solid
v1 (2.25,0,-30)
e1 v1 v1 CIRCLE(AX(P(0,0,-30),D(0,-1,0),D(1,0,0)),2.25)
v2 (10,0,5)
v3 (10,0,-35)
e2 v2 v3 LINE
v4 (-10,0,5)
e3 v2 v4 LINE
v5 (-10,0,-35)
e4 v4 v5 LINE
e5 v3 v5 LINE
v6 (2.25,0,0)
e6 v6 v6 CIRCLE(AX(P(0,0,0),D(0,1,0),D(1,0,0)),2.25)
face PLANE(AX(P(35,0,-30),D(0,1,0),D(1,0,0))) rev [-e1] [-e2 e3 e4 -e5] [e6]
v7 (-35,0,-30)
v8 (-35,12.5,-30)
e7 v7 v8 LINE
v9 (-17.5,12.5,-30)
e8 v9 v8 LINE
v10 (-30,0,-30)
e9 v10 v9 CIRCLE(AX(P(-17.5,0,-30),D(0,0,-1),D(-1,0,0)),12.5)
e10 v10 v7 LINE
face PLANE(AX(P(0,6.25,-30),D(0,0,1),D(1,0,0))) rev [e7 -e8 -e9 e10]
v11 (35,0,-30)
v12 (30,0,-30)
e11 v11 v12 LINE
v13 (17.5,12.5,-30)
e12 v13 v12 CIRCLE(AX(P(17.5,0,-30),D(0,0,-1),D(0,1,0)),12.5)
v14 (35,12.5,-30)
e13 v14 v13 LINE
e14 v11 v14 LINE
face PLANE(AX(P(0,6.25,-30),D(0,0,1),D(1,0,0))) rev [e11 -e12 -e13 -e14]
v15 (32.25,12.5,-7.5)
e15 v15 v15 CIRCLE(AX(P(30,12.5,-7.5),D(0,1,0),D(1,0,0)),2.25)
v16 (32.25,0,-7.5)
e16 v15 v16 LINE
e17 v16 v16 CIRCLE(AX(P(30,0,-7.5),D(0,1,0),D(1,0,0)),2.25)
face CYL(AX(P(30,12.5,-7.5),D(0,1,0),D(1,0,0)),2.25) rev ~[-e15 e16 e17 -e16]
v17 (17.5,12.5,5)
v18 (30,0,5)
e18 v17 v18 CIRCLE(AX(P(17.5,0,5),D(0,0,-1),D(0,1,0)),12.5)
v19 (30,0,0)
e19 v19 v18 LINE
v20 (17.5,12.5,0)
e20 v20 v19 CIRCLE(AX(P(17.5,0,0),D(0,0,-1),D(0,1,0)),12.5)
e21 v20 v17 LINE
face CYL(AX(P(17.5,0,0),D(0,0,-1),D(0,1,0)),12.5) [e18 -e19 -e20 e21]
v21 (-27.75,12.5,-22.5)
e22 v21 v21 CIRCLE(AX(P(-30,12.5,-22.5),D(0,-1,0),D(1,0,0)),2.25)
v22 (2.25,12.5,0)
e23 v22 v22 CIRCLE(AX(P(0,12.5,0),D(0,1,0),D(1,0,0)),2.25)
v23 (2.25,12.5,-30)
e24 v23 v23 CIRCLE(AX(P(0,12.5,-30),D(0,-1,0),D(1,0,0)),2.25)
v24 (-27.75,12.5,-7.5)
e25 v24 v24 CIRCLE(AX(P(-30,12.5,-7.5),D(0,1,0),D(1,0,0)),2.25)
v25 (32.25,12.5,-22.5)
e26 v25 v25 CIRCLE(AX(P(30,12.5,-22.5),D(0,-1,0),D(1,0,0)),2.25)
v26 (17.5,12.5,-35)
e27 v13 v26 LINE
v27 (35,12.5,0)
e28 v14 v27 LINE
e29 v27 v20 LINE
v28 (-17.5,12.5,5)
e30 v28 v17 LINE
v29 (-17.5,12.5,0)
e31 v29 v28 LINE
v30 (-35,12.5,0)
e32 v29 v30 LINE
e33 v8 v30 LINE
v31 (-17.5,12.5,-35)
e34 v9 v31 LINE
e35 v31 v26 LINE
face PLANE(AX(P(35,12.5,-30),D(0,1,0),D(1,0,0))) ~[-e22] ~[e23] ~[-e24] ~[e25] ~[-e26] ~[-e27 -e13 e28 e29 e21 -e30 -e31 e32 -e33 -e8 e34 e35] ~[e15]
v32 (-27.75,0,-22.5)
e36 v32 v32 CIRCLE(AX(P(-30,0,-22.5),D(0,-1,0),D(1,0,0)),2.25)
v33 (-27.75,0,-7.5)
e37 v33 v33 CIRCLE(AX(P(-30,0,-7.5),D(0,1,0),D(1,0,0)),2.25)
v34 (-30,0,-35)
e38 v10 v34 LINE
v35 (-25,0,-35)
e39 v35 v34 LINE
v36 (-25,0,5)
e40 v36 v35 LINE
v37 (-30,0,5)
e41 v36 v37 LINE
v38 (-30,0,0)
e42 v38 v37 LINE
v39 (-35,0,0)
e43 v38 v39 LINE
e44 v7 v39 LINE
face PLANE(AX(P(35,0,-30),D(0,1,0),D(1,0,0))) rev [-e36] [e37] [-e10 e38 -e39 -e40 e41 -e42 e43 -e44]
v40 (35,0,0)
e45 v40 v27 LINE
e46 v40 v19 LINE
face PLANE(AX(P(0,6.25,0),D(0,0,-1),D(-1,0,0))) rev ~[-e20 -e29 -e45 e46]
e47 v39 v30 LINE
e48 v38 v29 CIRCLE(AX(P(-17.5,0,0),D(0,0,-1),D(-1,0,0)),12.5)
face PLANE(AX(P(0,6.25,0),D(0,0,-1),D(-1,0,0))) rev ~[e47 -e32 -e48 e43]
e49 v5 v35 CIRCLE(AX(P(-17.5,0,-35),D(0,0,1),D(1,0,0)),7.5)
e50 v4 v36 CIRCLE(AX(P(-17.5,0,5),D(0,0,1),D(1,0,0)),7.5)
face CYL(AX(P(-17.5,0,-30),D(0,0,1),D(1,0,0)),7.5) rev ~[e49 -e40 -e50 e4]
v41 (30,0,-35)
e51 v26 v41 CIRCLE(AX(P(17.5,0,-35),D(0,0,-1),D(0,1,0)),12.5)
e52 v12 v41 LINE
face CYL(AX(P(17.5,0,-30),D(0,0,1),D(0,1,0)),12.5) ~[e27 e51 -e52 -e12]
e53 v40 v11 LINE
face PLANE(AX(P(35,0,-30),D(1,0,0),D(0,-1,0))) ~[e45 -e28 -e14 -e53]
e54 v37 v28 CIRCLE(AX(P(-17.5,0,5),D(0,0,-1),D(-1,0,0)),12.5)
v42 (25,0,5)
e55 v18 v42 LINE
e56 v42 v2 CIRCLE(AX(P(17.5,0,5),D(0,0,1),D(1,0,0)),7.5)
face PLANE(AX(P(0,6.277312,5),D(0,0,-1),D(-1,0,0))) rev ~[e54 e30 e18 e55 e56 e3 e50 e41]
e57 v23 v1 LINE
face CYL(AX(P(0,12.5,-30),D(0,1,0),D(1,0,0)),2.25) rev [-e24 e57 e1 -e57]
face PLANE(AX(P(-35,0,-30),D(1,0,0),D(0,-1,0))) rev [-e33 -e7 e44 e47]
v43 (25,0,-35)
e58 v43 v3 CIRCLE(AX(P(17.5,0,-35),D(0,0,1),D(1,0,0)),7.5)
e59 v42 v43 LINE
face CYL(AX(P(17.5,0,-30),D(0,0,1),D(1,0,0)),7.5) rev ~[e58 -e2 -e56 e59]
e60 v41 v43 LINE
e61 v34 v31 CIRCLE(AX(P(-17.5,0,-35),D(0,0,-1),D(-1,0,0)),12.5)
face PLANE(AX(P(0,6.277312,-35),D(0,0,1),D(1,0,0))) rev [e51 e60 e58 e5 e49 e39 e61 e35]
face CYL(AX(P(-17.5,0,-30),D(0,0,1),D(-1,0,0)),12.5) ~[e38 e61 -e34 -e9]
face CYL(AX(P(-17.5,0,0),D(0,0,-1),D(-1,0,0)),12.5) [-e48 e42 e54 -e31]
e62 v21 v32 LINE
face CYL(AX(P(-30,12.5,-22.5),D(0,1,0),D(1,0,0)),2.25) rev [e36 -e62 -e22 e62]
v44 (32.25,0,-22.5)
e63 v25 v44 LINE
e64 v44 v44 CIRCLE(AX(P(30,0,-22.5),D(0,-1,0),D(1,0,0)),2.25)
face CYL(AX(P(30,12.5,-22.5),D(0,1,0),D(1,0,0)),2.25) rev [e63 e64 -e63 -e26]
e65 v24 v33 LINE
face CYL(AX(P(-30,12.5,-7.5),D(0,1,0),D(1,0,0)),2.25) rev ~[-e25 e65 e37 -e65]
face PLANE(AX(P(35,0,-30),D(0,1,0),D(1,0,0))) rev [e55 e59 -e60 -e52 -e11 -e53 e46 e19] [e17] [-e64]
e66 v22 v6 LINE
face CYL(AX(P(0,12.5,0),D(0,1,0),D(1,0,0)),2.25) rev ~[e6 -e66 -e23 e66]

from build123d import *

# Parameters (mm, degrees)
BOSS_EXTRUDE1_DEPTH = 5
SKETCH2_W           = 70
SKETCH2_H           = 12.5
BOSS_EXTRUDE2_DEPTH = 15
SKETCH3_R           = 2.25
CUT_EXTRUDE1_DEPTH  = 15
CUT_EXTRUDE2_DEPTH  = 15
CUT_EXTRUDE3_DEPTH  = 15


with BuildPart() as part:
    # Sketch1 → Boss-Extrude1 (new body)
    with BuildSketch(Plane.XY):
        with BuildLine():
            Line((-17.5, 12.5), (17.5, 12.5))
            ThreePointArc((17.5, 12.5), (26.338834765, 8.838834765), (30, 0))
            Line((30, 0), (25, 0))
            ThreePointArc((25, 0), (17.5, 7.5), (10, 0))
            Line((10, 0), (-10, 0))
            ThreePointArc((-10, 0), (-17.5, 7.5), (-25, 0))
            Line((-25, 0), (-30, 0))
            ThreePointArc((-30, 0), (-26.338834765, 8.838834765), (-17.5, 12.5))
        make_face()
    extrude(amount=BOSS_EXTRUDE1_DEPTH)

    # Sketch2 → Boss-Extrude2 (add)
    with BuildSketch(Plane(origin=(0, 0, 0), x_dir=(-1, 0, 0), z_dir=(0, 0, -1))):
        with Locations((0, 6.25)):
            Rectangle(SKETCH2_W, SKETCH2_H)
    extrude(amount=BOSS_EXTRUDE2_DEPTH)

    # Sketch3 → Cut-Extrude1 (cut)
    with BuildSketch(Plane(origin=(0, 12.5, 0), x_dir=(1, 0, 0), z_dir=(0, 1, 0))):
        Circle(SKETCH3_R)
        with Locations((30, 7.5)):
            Circle(SKETCH3_R)
        with Locations((-30, 7.5)):
            Circle(SKETCH3_R)
    extrude(amount=-CUT_EXTRUDE1_DEPTH, mode=Mode.SUBTRACT)

    # Sketch5 → Cut-Extrude2 (cut)
    with BuildSketch(Plane.XY):
        with BuildLine():
            Line((-25, 0), (-10, 0))
            ThreePointArc((-10, 0), (-17.5, 7.5), (-25, 0))
        make_face()
    extrude(amount=-CUT_EXTRUDE2_DEPTH, mode=Mode.SUBTRACT)

    # Sketch6 → Cut-Extrude3 (cut)
    with BuildSketch(Plane.XY):
        with BuildLine():
            Line((10, 0), (25, 0))
            ThreePointArc((25, 0), (17.5, 7.5), (10, 0))
        make_face()
    extrude(amount=-CUT_EXTRUDE3_DEPTH, mode=Mode.SUBTRACT)

    # Mirror1: part across plane


with BuildPart() as part_1:
    add(part.part)
    add(part.part.mirror(Plane(origin=(0, 0, -15), x_dir=(1, 0, 0), z_dir=(0, 0, -1))))


solid = part_1.part
